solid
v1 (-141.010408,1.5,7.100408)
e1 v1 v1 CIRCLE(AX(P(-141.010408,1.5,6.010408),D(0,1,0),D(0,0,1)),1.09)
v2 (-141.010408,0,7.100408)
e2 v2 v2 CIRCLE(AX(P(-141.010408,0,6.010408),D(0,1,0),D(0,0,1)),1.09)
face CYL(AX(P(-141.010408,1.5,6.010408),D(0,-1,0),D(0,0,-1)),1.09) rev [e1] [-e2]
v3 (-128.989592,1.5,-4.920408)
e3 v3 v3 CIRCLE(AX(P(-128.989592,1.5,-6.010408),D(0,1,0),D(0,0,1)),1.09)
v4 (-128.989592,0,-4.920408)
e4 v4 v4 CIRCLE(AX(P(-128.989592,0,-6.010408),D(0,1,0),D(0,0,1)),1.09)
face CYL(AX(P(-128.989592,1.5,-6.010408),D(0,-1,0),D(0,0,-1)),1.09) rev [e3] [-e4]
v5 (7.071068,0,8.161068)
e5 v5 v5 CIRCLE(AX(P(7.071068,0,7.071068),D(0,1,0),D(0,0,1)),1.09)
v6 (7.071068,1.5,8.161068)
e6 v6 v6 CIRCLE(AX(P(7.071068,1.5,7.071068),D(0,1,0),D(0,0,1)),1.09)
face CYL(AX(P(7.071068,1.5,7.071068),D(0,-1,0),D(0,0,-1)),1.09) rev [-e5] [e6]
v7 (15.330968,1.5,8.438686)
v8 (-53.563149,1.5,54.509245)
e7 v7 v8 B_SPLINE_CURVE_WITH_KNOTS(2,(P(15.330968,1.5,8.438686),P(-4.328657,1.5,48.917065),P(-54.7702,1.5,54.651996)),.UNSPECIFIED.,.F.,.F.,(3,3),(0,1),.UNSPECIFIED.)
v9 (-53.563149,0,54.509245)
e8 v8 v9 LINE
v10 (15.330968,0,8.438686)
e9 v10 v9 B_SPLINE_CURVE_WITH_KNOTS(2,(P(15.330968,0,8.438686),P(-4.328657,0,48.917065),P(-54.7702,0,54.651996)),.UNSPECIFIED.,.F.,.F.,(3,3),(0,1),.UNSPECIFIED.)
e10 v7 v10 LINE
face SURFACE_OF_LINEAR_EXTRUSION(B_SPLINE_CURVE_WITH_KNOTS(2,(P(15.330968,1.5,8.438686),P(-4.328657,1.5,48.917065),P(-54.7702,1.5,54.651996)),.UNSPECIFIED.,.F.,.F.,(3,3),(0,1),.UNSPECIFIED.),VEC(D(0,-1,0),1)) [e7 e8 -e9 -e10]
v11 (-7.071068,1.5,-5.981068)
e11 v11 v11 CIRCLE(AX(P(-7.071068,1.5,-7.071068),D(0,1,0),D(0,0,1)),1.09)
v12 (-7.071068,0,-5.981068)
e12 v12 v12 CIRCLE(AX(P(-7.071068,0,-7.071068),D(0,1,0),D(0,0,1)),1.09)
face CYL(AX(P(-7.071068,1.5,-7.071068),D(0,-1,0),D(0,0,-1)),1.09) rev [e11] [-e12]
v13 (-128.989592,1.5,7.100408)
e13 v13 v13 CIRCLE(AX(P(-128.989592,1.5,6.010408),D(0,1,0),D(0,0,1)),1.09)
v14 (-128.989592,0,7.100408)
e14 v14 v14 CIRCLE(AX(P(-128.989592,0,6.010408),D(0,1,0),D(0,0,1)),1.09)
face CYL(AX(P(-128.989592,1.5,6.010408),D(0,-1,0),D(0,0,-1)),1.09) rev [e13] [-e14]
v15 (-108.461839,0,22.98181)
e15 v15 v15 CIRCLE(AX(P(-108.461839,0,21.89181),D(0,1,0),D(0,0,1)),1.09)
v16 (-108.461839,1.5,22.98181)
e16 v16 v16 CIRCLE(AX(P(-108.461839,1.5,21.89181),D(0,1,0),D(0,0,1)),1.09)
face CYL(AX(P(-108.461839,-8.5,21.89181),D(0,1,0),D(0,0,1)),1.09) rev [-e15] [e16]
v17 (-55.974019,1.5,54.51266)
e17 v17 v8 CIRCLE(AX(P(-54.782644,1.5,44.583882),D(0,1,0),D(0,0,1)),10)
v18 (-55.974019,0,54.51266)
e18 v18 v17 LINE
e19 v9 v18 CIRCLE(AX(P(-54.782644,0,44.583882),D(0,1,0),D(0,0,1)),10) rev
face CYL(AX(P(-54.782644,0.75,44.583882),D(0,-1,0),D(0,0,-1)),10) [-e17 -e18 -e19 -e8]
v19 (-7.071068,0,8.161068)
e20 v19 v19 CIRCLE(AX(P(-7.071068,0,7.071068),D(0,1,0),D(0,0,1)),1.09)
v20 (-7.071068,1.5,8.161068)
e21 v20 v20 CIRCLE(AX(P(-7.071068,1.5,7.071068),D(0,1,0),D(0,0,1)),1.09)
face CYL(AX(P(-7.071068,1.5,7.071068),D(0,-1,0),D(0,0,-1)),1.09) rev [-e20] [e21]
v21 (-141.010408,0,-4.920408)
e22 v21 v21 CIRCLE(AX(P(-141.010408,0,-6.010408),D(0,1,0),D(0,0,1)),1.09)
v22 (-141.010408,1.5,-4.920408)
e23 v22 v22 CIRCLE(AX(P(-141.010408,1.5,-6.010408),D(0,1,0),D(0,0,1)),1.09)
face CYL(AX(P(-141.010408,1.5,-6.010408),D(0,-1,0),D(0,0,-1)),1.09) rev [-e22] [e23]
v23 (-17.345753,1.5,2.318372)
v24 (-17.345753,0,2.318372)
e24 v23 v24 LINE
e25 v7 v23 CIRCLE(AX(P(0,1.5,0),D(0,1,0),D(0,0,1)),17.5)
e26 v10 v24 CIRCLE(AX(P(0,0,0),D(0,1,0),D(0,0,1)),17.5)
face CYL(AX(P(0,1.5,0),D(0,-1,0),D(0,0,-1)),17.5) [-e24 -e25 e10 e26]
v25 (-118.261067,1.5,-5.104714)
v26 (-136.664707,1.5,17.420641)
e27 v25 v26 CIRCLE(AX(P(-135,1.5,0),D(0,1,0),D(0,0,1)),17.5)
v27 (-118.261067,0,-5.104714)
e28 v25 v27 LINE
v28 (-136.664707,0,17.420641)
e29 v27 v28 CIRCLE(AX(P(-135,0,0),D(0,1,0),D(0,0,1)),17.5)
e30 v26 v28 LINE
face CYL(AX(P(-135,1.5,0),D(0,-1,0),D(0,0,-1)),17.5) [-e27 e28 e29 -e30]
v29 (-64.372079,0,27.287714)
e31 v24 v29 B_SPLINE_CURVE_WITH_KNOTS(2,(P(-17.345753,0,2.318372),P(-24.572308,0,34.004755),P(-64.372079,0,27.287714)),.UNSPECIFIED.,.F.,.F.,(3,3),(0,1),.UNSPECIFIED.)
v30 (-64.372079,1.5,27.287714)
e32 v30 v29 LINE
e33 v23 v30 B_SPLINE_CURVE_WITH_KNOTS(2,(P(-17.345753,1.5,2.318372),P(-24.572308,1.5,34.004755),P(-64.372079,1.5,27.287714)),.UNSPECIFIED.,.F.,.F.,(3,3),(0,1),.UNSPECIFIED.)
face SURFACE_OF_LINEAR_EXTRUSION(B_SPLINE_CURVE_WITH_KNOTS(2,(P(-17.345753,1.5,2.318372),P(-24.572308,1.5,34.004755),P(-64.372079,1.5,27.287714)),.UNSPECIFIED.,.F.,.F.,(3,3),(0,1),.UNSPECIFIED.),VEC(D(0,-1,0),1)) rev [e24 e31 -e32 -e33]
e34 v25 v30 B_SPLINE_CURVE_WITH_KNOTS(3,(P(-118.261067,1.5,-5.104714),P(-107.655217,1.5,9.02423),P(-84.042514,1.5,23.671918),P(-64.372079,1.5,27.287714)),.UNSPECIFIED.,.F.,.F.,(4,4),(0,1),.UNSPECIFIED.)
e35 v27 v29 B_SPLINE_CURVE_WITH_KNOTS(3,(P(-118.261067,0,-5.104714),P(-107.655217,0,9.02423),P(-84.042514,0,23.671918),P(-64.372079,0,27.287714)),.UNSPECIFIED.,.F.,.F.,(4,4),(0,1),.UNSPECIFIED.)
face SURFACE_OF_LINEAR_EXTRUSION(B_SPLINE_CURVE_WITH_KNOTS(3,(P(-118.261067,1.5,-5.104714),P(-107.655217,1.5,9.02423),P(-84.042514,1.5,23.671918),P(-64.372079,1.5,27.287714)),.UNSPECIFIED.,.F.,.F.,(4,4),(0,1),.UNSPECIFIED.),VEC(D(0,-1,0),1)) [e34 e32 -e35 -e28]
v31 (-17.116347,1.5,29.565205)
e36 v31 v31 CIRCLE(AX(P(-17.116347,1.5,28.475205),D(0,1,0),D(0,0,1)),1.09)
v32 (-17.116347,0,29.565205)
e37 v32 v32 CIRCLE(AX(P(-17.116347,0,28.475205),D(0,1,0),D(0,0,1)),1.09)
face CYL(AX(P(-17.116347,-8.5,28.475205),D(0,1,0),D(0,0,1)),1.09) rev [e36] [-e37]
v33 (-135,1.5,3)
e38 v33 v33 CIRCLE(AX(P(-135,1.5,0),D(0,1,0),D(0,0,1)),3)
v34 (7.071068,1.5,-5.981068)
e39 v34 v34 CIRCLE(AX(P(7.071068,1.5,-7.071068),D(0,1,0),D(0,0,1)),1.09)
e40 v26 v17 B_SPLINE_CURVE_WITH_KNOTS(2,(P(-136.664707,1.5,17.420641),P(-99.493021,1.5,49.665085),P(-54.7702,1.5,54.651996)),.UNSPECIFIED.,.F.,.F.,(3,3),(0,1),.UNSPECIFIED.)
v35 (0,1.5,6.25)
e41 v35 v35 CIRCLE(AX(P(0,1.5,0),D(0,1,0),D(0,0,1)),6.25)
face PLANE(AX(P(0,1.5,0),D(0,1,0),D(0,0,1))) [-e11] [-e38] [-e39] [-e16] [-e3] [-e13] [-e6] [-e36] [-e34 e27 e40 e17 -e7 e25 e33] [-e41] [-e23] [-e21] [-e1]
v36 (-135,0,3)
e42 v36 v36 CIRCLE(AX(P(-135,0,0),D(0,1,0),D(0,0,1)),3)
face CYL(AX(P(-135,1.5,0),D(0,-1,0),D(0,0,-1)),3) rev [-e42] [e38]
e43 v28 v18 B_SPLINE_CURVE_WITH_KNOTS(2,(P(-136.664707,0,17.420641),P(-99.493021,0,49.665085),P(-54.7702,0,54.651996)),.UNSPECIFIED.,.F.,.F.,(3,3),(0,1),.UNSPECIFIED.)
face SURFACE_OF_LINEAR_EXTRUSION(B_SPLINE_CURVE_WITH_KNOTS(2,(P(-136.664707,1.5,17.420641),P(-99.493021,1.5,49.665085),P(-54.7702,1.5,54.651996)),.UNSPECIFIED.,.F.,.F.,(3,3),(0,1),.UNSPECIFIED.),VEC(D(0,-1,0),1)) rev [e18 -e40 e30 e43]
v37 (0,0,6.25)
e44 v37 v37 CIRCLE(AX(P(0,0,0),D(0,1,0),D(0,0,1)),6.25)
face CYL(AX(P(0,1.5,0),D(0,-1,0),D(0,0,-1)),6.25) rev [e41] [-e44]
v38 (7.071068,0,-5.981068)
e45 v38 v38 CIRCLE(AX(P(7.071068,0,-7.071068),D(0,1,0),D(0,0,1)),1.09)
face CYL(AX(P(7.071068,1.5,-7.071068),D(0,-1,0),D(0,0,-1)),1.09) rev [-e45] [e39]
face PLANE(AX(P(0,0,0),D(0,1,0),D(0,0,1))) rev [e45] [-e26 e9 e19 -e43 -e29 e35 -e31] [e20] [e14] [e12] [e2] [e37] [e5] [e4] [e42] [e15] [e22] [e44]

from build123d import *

# Parameters (mm, degrees)
SKETCH2_R           = 1.09
SKETCH2_R_2         = 3
SKETCH2_R_3         = 6.25
BOSS_EXTRUDE1_DEPTH = 1.5
FILLET1_R           = 10
SKETCH3_R           = 1.09
CUT_EXTRUDE1_DEPTH  = 10


with BuildPart() as part:
    # Sketch2 → Boss-Extrude1 (new body)
    with BuildSketch(Plane(origin=(0, 0, 0), x_dir=(1, 0, 0), z_dir=(0, 1, 0))):
        with BuildLine():
            add(Edge.make_bspline(
                [(15.330967743, -8.438686395), (-4.328656702, -48.917065398), (-54.77019988, -54.651995587)],
                knots=[0, 0, 0, 1, 1, 1], degree=2))
            ThreePointArc((15.330967743, -8.438686395), (3.221708095, 17.200889423), (-17.345753159, -2.318371704))
            add(Edge.make_bspline(
                [(-17.345753159, -2.318371704), (-24.57230847, -34.004755189), (-64.372079348, -27.287713928)],
                knots=[0, 0, 0, 1, 1, 1], degree=2))
            add(Edge.make_bspline(
                [(-118.261066558, 5.104714216), (-107.65521746, -9.024230402), (-84.042514499, -23.671917894), (-64.372079348, -27.287713928)],
                knots=[0, 0, 0, 0, 1, 1, 1, 1], degree=3))
            ThreePointArc((-118.261066558, 5.104714216), (-148.55197352, 11.072218102), (-136.664707239, -17.420641487))
            add(Edge.make_bspline(
                [(-136.664707239, -17.420641487), (-99.493020923, -49.665084924), (-54.77019988, -54.651995587)],
                knots=[0, 0, 0, 1, 1, 1], degree=2))
        make_face()
        with Locations(Location((-141.01040764, -6.01040764, 0), (0, 0, 270))):
            Circle(SKETCH2_R, mode=Mode.SUBTRACT)
        with Locations(Location((-128.98959236, -6.01040764, 0), (0, 0, 270))):
            Circle(SKETCH2_R, mode=Mode.SUBTRACT)
        with Locations(Location((-135, 0, 0), (0, 0, 270))):
            Circle(SKETCH2_R_2, mode=Mode.SUBTRACT)
        with Locations(Location((-141.01040764, 6.01040764, 0), (0, 0, 270))):
            Circle(SKETCH2_R, mode=Mode.SUBTRACT)
        with Locations(Location((-128.98959236, 6.01040764, 0), (0, 0, 270))):
            Circle(SKETCH2_R, mode=Mode.SUBTRACT)
        with Locations(Location((-7.071067812, -7.071067812, 0), (0, 0, 270))):
            Circle(SKETCH2_R, mode=Mode.SUBTRACT)
        with Locations(Location((7.071067812, -7.071067812, 0), (0, 0, 270))):
            Circle(SKETCH2_R, mode=Mode.SUBTRACT)
        with Locations(Location((-7.071067812, 7.071067812, 0), (0, 0, 270))):
            Circle(SKETCH2_R, mode=Mode.SUBTRACT)
        with Locations(Location((0, 0, 0), (0, 0, 270))):
            Circle(SKETCH2_R_3, mode=Mode.SUBTRACT)
        with Locations(Location((7.071067812, 7.071067812, 0), (0, 0, 270))):
            Circle(SKETCH2_R, mode=Mode.SUBTRACT)
    extrude(amount=BOSS_EXTRUDE1_DEPTH)

    # Fillet1
    fillet1_edges = [part.edges().sort_by_distance(p)[0] for p in [
        (-54.77019988, 0.75, 54.651995587),
    ]]
    fillet(fillet1_edges, radius=FILLET1_R)

    # Sketch3 → Cut-Extrude1 (cut)
    with BuildSketch(Plane(origin=(0, 1.5, 0), x_dir=(1, 0, 0), z_dir=(0, 1, 0))):
        with Locations(Location((-17.11634733, -28.475205037, 0), (0, 0, 270))):
            Circle(SKETCH3_R)
        with Locations(Location((-108.461839112, -21.891809685, 0), (0, 0, 270))):
            Circle(SKETCH3_R)
    extrude(amount=-CUT_EXTRUDE1_DEPTH, mode=Mode.SUBTRACT)


solid = part.part
